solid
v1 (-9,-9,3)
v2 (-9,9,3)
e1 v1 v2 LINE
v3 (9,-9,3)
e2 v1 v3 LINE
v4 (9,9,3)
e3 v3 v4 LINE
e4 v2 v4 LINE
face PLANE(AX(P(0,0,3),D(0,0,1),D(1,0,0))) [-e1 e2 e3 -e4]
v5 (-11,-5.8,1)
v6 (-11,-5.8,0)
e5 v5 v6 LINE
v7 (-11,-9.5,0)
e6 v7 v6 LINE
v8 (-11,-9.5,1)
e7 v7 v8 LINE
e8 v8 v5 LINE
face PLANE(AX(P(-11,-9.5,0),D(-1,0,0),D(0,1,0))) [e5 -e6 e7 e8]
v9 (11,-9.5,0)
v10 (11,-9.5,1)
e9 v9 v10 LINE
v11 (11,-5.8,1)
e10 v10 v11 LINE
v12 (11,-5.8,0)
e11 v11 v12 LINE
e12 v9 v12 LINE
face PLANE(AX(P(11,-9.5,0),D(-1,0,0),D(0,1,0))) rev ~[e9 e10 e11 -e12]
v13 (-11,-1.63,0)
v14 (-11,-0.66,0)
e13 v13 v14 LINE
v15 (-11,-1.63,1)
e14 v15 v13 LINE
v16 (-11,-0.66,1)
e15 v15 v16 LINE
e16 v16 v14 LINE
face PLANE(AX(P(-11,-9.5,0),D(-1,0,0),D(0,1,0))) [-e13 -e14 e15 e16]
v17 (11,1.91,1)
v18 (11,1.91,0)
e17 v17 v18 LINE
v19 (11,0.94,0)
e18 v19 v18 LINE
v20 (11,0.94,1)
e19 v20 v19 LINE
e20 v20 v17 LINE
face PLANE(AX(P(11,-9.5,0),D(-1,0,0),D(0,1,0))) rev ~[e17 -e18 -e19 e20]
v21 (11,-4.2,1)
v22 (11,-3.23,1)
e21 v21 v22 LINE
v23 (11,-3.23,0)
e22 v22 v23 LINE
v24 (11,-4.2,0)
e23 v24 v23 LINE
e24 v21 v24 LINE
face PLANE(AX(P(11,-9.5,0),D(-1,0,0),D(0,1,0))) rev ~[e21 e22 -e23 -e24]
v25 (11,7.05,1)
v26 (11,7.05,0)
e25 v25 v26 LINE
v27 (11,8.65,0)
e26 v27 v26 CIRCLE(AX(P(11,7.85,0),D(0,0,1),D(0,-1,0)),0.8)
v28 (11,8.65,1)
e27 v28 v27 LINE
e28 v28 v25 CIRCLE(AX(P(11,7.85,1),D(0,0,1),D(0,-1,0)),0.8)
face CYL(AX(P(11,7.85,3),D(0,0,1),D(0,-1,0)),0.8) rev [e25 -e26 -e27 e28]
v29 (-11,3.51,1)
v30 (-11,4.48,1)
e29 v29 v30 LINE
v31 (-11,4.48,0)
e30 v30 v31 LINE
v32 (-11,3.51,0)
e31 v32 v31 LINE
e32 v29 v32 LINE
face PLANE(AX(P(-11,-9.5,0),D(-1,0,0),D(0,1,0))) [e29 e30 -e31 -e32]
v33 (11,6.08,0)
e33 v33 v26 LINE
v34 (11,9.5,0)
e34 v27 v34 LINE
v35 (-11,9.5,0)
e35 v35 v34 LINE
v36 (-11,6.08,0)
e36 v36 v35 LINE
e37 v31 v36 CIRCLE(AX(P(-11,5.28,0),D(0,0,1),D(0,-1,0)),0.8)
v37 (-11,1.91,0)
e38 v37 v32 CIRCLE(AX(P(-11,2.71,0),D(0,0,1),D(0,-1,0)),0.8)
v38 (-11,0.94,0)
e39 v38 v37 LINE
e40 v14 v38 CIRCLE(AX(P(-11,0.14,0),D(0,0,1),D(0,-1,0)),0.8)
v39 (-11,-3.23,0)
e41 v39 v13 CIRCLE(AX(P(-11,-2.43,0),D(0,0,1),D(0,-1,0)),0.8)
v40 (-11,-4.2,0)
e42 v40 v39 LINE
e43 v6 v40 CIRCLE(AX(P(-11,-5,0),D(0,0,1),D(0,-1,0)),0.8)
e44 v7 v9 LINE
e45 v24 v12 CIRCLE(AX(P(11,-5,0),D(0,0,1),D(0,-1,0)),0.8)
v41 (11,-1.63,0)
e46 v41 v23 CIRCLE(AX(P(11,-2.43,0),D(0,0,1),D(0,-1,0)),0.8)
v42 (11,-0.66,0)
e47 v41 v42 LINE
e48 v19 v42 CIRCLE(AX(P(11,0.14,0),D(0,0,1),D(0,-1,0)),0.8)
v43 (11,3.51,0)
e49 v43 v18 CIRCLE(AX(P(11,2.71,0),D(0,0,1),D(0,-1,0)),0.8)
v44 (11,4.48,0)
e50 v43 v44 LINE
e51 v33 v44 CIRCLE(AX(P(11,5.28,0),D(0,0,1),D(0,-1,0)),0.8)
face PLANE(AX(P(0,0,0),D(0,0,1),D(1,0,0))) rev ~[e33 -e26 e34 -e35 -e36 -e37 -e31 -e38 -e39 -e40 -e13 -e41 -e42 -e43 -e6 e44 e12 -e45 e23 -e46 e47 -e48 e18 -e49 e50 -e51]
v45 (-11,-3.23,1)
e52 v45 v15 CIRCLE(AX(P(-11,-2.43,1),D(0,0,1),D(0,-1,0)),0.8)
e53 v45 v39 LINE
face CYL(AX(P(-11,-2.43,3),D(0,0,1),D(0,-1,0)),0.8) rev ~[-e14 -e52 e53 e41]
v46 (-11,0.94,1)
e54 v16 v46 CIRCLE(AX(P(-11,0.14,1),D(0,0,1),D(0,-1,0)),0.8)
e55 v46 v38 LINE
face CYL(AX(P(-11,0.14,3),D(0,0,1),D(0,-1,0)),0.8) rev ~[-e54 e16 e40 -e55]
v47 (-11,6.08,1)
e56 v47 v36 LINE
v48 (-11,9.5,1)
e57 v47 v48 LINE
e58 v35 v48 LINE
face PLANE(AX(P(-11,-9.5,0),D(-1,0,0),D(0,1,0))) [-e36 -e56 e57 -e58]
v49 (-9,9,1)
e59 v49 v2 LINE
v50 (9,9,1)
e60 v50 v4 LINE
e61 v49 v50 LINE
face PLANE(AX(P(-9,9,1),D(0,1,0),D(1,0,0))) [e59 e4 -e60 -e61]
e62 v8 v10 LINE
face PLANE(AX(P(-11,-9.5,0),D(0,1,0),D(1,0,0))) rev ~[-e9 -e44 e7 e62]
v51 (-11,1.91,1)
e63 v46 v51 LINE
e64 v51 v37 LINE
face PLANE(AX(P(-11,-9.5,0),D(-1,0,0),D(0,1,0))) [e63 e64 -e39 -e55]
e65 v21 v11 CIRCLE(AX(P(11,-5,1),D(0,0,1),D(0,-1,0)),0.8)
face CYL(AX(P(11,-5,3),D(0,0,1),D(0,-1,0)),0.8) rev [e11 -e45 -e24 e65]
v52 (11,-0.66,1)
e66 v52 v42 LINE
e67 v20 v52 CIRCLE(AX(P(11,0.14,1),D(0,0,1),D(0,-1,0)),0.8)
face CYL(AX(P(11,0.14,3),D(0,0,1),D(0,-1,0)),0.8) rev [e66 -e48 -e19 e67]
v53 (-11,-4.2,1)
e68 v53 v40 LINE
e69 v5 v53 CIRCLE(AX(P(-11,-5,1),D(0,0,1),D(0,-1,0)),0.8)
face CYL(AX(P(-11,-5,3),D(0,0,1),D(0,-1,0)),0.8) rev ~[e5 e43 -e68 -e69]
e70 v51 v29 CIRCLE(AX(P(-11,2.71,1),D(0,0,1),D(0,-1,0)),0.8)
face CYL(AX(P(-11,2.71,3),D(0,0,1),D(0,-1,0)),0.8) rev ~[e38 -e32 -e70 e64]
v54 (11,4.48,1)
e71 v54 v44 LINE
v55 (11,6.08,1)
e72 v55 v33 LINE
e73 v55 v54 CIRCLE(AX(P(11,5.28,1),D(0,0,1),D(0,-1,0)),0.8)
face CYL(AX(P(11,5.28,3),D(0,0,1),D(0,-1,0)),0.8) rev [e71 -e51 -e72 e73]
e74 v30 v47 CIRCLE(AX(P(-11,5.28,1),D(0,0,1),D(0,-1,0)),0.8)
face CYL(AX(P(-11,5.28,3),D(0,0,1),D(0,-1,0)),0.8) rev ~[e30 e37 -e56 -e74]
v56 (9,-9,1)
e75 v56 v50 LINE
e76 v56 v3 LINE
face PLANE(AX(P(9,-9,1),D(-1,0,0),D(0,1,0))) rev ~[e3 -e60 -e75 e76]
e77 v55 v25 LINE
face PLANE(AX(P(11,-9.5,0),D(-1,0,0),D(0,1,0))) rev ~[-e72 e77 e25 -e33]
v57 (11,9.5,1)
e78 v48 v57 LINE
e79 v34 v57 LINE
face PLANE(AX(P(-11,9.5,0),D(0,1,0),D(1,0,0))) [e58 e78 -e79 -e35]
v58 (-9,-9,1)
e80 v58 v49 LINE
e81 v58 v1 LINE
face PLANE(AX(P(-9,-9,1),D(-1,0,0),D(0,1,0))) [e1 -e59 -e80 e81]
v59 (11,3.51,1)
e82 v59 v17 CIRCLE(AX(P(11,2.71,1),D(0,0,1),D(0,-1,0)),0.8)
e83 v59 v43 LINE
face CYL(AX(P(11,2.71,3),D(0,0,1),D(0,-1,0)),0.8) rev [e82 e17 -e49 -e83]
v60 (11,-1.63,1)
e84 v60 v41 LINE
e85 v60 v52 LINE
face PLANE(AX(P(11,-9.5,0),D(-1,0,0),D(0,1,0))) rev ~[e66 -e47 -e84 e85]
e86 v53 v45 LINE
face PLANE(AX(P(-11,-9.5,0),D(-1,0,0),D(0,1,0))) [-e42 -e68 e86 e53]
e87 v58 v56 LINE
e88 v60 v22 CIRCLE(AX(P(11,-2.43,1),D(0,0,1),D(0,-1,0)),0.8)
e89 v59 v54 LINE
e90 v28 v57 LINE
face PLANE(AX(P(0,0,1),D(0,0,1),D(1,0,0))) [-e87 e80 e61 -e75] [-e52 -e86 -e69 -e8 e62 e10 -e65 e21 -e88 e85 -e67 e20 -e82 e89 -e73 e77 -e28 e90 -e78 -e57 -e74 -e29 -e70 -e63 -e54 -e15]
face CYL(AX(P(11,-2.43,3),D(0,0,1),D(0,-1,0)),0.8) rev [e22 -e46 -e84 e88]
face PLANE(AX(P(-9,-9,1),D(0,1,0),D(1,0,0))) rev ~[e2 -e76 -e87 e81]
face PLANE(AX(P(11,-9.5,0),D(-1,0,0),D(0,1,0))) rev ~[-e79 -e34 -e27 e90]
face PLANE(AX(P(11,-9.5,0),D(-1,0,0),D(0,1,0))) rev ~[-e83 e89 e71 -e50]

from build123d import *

# Parameters (mm, degrees)
SKETCH_1_W          = 22
SKETCH_1_H          = 19
EXTRUDE_1_DEPTH     = 1
SKETCH_2_W          = 18
SKETCH_2_H          = 18
EXTRUDE_2_DEPTH     = 2
CUT_EXTRUDE_1_DEPTH = 4


with BuildPart() as part:
    # Эскиз1 → Бобышка-Вытянуть1 (new body)
    with BuildSketch(Plane.XY):
        Rectangle(SKETCH_1_W, SKETCH_1_H)
    extrude(amount=EXTRUDE_1_DEPTH)

    # Эскиз2 → Бобышка-Вытянуть2 (add)
    with BuildSketch(Plane.XY.offset(1)):
        Rectangle(SKETCH_2_W, SKETCH_2_H)
    extrude(amount=EXTRUDE_2_DEPTH)

    # Эскиз3 → Вырез-Вытянуть1 (cut, through all)
    with BuildSketch(Plane.XY.offset(3)):
        with BuildLine():
            Line((-11, -4.2), (-11, -5.8))
            ThreePointArc((-11, -5.8), (-10.2, -5), (-11, -4.2))
        make_face()
        with BuildLine():
            Line((-11, -1.63), (-11, -3.23))
            ThreePointArc((-11, -3.23), (-10.2, -2.43), (-11, -1.63))
        make_face()
        with BuildLine():
            Line((-11, 0.94), (-11, -0.66))
            ThreePointArc((-11, -0.66), (-10.2, 0.14), (-11, 0.94))
        make_face()
        with BuildLine():
            Line((-11, 3.51), (-11, 1.91))
            ThreePointArc((-11, 1.91), (-10.2, 2.71), (-11, 3.51))
        make_face()
        with BuildLine():
            Line((-11, 6.08), (-11, 4.48))
            ThreePointArc((-11, 4.48), (-10.2, 5.28), (-11, 6.08))
        make_face()
        with BuildLine():
            Line((11, -4.2), (11, -5.8))
            ThreePointArc((11, -5.8), (10.2, -5), (11, -4.2))
        make_face()
        with BuildLine():
            Line((11, -1.63), (11, -3.23))
            ThreePointArc((11, -3.23), (10.2, -2.43), (11, -1.63))
        make_face()
        with BuildLine():
            Line((11, 0.94), (11, -0.66))
            ThreePointArc((11, -0.66), (10.2, 0.14), (11, 0.94))
        make_face()
        with BuildLine():
            Line((11, 3.51), (11, 1.91))
            ThreePointArc((11, 1.91), (10.2, 2.71), (11, 3.51))
        make_face()
        with BuildLine():
            Line((11, 6.08), (11, 4.48))
            ThreePointArc((11, 4.48), (10.2, 5.28), (11, 6.08))
        make_face()
        with BuildLine():
            Line((11, 8.65), (11, 7.05))
            ThreePointArc((11, 7.05), (10.2, 7.85), (11, 8.65))
        make_face()
    extrude(amount=-CUT_EXTRUDE_1_DEPTH, mode=Mode.SUBTRACT)


solid = part.part
